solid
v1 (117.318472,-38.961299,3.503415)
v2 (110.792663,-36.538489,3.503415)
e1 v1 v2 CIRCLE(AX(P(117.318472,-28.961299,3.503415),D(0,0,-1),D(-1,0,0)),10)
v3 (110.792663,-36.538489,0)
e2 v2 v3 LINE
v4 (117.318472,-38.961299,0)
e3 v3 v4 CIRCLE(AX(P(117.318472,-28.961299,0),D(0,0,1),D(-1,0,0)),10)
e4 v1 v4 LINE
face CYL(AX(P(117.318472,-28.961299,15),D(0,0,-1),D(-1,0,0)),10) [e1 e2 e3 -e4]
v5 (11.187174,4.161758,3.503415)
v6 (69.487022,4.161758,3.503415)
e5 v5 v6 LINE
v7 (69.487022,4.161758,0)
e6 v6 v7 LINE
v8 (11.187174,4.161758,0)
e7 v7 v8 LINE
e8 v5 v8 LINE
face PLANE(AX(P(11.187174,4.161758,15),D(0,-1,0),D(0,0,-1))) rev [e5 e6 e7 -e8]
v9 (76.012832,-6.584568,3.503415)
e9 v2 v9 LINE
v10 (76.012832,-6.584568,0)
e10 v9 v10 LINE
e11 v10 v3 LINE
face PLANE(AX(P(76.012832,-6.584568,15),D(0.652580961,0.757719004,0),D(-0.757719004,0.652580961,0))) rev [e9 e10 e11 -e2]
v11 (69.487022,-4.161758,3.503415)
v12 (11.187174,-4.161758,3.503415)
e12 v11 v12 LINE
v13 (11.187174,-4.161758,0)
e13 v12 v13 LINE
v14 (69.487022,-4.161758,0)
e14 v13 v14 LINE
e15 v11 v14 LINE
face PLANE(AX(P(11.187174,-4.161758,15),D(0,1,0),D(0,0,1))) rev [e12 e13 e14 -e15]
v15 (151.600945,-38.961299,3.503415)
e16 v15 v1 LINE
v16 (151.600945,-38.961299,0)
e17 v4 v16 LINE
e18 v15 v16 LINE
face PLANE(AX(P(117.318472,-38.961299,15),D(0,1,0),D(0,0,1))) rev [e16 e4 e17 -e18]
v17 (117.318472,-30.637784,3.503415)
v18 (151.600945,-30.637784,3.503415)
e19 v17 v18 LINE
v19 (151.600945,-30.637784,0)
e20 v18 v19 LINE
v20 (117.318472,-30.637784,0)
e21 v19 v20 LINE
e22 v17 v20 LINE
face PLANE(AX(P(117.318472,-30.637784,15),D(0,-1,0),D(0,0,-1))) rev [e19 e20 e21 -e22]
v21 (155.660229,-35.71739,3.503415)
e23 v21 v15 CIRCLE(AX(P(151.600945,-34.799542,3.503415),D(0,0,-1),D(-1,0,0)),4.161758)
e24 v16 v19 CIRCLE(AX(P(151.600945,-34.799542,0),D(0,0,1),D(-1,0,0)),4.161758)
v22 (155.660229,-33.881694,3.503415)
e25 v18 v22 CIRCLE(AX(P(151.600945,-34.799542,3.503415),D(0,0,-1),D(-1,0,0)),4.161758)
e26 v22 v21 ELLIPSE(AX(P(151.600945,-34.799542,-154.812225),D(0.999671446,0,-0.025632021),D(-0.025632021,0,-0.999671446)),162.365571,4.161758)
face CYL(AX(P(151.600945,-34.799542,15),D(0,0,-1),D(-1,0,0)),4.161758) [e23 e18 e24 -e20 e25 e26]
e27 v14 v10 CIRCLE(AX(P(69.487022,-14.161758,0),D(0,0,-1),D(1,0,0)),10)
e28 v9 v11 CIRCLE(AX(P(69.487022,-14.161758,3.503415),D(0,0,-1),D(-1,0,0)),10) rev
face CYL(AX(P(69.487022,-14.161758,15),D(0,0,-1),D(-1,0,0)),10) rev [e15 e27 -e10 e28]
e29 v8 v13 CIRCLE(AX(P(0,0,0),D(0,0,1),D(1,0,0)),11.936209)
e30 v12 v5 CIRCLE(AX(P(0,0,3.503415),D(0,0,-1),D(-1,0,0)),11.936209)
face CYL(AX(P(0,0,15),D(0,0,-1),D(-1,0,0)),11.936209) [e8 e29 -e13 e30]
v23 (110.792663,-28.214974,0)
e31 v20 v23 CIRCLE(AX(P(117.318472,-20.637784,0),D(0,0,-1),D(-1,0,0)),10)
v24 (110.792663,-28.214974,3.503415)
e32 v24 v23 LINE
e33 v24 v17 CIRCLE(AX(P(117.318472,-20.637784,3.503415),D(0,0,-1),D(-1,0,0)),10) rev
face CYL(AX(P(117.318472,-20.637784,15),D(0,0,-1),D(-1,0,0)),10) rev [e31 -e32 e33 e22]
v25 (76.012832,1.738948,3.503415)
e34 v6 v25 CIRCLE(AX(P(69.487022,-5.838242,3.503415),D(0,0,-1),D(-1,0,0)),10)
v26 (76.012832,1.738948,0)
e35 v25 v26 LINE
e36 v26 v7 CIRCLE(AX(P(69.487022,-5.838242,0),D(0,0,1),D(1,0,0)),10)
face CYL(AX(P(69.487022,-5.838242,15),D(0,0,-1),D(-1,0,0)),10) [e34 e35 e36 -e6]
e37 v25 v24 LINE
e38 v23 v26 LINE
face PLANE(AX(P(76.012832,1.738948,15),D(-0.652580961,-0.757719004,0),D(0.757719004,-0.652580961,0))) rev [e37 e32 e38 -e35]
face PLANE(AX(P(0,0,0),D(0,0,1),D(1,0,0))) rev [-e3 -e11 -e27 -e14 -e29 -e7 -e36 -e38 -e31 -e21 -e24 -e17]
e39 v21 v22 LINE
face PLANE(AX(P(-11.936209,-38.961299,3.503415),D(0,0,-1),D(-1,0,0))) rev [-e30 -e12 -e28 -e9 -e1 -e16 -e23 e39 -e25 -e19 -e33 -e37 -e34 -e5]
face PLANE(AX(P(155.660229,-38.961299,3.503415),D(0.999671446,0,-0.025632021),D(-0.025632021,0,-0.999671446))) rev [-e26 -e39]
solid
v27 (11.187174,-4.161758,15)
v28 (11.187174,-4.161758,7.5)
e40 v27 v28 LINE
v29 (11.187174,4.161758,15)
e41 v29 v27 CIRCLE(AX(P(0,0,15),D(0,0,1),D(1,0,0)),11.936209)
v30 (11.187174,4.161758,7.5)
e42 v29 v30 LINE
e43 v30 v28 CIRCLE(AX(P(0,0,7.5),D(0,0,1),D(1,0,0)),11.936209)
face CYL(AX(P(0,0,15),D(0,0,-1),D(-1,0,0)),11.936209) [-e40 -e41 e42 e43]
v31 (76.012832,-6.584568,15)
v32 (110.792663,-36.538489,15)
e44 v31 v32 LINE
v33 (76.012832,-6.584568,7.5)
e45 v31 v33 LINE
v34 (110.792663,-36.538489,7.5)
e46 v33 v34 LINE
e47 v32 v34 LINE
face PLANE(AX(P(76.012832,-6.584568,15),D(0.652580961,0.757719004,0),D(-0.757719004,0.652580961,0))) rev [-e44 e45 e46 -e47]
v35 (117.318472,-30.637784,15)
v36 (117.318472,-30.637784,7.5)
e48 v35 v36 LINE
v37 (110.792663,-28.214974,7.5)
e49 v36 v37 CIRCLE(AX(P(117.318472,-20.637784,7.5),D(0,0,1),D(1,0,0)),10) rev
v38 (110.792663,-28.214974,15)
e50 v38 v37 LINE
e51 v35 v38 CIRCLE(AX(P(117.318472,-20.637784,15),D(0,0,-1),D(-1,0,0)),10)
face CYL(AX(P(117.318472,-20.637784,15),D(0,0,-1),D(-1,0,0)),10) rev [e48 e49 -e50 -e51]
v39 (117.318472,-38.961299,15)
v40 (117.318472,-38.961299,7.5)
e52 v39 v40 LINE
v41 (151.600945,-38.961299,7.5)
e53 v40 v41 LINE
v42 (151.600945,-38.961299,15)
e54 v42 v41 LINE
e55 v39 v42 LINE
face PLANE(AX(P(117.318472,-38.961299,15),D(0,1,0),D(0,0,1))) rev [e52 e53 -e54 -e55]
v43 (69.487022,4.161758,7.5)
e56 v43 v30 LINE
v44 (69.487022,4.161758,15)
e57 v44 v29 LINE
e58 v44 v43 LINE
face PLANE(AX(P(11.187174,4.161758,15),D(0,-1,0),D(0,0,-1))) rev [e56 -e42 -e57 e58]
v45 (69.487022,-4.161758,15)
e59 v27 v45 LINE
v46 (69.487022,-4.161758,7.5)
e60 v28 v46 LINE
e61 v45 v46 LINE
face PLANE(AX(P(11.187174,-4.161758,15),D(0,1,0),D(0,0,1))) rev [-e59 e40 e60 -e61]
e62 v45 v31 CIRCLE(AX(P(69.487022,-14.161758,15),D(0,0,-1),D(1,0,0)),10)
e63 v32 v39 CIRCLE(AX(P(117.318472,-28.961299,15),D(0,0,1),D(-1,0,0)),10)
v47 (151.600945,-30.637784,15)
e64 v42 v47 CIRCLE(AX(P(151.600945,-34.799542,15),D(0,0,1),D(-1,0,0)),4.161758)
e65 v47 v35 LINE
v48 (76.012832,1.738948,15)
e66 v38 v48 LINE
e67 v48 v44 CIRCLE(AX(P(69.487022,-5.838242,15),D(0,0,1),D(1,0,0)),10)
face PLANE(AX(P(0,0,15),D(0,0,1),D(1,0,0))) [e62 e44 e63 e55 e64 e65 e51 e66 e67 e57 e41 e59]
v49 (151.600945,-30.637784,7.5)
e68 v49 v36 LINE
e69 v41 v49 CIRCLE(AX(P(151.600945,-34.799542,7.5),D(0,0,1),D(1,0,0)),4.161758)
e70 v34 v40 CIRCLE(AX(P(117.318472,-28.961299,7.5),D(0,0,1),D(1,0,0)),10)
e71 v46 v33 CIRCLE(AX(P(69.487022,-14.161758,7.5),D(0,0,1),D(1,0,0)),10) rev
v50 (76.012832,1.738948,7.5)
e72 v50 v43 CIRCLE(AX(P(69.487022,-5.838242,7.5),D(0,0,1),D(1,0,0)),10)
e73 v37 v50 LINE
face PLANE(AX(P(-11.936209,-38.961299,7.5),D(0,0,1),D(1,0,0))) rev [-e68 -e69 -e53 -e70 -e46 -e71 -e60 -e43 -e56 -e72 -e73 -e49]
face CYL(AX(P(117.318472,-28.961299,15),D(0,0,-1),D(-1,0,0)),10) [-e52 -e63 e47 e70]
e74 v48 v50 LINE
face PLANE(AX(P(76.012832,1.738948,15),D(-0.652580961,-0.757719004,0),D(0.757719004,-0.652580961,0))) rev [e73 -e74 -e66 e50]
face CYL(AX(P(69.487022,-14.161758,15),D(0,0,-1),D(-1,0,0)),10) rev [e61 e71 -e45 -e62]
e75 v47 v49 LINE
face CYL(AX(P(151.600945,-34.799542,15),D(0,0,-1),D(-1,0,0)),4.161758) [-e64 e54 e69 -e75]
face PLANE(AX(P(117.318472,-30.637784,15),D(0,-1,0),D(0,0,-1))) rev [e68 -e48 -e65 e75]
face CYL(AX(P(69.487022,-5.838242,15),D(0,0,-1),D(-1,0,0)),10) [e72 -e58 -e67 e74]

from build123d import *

# Parameters (mm, degrees)
EXTRUDE_1_DEPTH          = 15
CUT_EXTRUDE_1_DEPTH      = 163.316412297
CUT_EXTRUDE_1_DEPTH_BACK = 163.316412297


with BuildPart() as part:
    # 草图1 → 凸台-拉伸1 (new body)
    with BuildSketch(Plane.XY):
        with BuildLine():
            Line((11.187173962, -4.16175765), (69.487021894, -4.16175765))
            ThreePointArc((69.487021894, -4.16175765), (72.967546248, -4.787006975), (76.012831502, -6.584567606))
            Line((76.012831502, -6.584567606), (110.792662814, -36.53848931))
            ThreePointArc((110.792662814, -36.53848931), (113.837948067, -38.336049941), (117.318472421, -38.961299266))
            Line((117.318472421, -38.961299266), (151.600945406, -38.961299266))
            ThreePointArc((151.600945406, -38.961299266), (155.762703056, -34.799541616), (151.600945406, -30.637783966))
            Line((151.600945406, -30.637783966), (117.318472421, -30.637783966))
            ThreePointArc((117.318472421, -30.637783966), (113.837948067, -30.012534641), (110.792662814, -28.21497401))
            Line((110.792662814, -28.21497401), (76.012831502, 1.738947694))
            ThreePointArc((76.012831502, 1.738947694), (72.967546248, 3.536508325), (69.487021894, 4.16175765))
            Line((69.487021894, 4.16175765), (11.187173962, 4.16175765))
            ThreePointArc((11.187173962, 4.16175765), (-11.936209113, 0), (11.187173962, -4.16175765))
        make_face()
    extrude(amount=EXTRUDE_1_DEPTH)

    # 草图4 → 切除-拉伸1 (cut, two sides: drawn at the far end of the back side and taken through both)
    with BuildSketch(Plane(origin=(0, 4.16175765, 0), x_dir=(1, 0, 0), z_dir=(0, 1, 0)).offset(-CUT_EXTRUDE_1_DEPTH_BACK)):
        Polygon((-11.936209113, -3.503414807), (155.660228834, -3.503414807), (155.762703056, -7.5), (-11.936209113, -7.5), align=None)
    extrude(amount=CUT_EXTRUDE_1_DEPTH + CUT_EXTRUDE_1_DEPTH_BACK, mode=Mode.SUBTRACT)


with BuildPart() as cut_extrude_1_piece_1:
    # of the separate pieces the step leaves, piece 1, a body of its own (cut_extrude_1_pieces)
    add(part.part.solids().sort_by_distance((117.318472421, -30.637783966, 7.5))[0])


with BuildPart() as cut_extrude_1_piece_2:
    # of the separate pieces the step leaves, piece 2, a body of its own (cut_extrude_1_pieces)
    add(part.part.solids().sort_by_distance((117.318472421, -30.637783966, 0))[0])


solid = Compound([cut_extrude_1_piece_1.part, cut_extrude_1_piece_2.part])
